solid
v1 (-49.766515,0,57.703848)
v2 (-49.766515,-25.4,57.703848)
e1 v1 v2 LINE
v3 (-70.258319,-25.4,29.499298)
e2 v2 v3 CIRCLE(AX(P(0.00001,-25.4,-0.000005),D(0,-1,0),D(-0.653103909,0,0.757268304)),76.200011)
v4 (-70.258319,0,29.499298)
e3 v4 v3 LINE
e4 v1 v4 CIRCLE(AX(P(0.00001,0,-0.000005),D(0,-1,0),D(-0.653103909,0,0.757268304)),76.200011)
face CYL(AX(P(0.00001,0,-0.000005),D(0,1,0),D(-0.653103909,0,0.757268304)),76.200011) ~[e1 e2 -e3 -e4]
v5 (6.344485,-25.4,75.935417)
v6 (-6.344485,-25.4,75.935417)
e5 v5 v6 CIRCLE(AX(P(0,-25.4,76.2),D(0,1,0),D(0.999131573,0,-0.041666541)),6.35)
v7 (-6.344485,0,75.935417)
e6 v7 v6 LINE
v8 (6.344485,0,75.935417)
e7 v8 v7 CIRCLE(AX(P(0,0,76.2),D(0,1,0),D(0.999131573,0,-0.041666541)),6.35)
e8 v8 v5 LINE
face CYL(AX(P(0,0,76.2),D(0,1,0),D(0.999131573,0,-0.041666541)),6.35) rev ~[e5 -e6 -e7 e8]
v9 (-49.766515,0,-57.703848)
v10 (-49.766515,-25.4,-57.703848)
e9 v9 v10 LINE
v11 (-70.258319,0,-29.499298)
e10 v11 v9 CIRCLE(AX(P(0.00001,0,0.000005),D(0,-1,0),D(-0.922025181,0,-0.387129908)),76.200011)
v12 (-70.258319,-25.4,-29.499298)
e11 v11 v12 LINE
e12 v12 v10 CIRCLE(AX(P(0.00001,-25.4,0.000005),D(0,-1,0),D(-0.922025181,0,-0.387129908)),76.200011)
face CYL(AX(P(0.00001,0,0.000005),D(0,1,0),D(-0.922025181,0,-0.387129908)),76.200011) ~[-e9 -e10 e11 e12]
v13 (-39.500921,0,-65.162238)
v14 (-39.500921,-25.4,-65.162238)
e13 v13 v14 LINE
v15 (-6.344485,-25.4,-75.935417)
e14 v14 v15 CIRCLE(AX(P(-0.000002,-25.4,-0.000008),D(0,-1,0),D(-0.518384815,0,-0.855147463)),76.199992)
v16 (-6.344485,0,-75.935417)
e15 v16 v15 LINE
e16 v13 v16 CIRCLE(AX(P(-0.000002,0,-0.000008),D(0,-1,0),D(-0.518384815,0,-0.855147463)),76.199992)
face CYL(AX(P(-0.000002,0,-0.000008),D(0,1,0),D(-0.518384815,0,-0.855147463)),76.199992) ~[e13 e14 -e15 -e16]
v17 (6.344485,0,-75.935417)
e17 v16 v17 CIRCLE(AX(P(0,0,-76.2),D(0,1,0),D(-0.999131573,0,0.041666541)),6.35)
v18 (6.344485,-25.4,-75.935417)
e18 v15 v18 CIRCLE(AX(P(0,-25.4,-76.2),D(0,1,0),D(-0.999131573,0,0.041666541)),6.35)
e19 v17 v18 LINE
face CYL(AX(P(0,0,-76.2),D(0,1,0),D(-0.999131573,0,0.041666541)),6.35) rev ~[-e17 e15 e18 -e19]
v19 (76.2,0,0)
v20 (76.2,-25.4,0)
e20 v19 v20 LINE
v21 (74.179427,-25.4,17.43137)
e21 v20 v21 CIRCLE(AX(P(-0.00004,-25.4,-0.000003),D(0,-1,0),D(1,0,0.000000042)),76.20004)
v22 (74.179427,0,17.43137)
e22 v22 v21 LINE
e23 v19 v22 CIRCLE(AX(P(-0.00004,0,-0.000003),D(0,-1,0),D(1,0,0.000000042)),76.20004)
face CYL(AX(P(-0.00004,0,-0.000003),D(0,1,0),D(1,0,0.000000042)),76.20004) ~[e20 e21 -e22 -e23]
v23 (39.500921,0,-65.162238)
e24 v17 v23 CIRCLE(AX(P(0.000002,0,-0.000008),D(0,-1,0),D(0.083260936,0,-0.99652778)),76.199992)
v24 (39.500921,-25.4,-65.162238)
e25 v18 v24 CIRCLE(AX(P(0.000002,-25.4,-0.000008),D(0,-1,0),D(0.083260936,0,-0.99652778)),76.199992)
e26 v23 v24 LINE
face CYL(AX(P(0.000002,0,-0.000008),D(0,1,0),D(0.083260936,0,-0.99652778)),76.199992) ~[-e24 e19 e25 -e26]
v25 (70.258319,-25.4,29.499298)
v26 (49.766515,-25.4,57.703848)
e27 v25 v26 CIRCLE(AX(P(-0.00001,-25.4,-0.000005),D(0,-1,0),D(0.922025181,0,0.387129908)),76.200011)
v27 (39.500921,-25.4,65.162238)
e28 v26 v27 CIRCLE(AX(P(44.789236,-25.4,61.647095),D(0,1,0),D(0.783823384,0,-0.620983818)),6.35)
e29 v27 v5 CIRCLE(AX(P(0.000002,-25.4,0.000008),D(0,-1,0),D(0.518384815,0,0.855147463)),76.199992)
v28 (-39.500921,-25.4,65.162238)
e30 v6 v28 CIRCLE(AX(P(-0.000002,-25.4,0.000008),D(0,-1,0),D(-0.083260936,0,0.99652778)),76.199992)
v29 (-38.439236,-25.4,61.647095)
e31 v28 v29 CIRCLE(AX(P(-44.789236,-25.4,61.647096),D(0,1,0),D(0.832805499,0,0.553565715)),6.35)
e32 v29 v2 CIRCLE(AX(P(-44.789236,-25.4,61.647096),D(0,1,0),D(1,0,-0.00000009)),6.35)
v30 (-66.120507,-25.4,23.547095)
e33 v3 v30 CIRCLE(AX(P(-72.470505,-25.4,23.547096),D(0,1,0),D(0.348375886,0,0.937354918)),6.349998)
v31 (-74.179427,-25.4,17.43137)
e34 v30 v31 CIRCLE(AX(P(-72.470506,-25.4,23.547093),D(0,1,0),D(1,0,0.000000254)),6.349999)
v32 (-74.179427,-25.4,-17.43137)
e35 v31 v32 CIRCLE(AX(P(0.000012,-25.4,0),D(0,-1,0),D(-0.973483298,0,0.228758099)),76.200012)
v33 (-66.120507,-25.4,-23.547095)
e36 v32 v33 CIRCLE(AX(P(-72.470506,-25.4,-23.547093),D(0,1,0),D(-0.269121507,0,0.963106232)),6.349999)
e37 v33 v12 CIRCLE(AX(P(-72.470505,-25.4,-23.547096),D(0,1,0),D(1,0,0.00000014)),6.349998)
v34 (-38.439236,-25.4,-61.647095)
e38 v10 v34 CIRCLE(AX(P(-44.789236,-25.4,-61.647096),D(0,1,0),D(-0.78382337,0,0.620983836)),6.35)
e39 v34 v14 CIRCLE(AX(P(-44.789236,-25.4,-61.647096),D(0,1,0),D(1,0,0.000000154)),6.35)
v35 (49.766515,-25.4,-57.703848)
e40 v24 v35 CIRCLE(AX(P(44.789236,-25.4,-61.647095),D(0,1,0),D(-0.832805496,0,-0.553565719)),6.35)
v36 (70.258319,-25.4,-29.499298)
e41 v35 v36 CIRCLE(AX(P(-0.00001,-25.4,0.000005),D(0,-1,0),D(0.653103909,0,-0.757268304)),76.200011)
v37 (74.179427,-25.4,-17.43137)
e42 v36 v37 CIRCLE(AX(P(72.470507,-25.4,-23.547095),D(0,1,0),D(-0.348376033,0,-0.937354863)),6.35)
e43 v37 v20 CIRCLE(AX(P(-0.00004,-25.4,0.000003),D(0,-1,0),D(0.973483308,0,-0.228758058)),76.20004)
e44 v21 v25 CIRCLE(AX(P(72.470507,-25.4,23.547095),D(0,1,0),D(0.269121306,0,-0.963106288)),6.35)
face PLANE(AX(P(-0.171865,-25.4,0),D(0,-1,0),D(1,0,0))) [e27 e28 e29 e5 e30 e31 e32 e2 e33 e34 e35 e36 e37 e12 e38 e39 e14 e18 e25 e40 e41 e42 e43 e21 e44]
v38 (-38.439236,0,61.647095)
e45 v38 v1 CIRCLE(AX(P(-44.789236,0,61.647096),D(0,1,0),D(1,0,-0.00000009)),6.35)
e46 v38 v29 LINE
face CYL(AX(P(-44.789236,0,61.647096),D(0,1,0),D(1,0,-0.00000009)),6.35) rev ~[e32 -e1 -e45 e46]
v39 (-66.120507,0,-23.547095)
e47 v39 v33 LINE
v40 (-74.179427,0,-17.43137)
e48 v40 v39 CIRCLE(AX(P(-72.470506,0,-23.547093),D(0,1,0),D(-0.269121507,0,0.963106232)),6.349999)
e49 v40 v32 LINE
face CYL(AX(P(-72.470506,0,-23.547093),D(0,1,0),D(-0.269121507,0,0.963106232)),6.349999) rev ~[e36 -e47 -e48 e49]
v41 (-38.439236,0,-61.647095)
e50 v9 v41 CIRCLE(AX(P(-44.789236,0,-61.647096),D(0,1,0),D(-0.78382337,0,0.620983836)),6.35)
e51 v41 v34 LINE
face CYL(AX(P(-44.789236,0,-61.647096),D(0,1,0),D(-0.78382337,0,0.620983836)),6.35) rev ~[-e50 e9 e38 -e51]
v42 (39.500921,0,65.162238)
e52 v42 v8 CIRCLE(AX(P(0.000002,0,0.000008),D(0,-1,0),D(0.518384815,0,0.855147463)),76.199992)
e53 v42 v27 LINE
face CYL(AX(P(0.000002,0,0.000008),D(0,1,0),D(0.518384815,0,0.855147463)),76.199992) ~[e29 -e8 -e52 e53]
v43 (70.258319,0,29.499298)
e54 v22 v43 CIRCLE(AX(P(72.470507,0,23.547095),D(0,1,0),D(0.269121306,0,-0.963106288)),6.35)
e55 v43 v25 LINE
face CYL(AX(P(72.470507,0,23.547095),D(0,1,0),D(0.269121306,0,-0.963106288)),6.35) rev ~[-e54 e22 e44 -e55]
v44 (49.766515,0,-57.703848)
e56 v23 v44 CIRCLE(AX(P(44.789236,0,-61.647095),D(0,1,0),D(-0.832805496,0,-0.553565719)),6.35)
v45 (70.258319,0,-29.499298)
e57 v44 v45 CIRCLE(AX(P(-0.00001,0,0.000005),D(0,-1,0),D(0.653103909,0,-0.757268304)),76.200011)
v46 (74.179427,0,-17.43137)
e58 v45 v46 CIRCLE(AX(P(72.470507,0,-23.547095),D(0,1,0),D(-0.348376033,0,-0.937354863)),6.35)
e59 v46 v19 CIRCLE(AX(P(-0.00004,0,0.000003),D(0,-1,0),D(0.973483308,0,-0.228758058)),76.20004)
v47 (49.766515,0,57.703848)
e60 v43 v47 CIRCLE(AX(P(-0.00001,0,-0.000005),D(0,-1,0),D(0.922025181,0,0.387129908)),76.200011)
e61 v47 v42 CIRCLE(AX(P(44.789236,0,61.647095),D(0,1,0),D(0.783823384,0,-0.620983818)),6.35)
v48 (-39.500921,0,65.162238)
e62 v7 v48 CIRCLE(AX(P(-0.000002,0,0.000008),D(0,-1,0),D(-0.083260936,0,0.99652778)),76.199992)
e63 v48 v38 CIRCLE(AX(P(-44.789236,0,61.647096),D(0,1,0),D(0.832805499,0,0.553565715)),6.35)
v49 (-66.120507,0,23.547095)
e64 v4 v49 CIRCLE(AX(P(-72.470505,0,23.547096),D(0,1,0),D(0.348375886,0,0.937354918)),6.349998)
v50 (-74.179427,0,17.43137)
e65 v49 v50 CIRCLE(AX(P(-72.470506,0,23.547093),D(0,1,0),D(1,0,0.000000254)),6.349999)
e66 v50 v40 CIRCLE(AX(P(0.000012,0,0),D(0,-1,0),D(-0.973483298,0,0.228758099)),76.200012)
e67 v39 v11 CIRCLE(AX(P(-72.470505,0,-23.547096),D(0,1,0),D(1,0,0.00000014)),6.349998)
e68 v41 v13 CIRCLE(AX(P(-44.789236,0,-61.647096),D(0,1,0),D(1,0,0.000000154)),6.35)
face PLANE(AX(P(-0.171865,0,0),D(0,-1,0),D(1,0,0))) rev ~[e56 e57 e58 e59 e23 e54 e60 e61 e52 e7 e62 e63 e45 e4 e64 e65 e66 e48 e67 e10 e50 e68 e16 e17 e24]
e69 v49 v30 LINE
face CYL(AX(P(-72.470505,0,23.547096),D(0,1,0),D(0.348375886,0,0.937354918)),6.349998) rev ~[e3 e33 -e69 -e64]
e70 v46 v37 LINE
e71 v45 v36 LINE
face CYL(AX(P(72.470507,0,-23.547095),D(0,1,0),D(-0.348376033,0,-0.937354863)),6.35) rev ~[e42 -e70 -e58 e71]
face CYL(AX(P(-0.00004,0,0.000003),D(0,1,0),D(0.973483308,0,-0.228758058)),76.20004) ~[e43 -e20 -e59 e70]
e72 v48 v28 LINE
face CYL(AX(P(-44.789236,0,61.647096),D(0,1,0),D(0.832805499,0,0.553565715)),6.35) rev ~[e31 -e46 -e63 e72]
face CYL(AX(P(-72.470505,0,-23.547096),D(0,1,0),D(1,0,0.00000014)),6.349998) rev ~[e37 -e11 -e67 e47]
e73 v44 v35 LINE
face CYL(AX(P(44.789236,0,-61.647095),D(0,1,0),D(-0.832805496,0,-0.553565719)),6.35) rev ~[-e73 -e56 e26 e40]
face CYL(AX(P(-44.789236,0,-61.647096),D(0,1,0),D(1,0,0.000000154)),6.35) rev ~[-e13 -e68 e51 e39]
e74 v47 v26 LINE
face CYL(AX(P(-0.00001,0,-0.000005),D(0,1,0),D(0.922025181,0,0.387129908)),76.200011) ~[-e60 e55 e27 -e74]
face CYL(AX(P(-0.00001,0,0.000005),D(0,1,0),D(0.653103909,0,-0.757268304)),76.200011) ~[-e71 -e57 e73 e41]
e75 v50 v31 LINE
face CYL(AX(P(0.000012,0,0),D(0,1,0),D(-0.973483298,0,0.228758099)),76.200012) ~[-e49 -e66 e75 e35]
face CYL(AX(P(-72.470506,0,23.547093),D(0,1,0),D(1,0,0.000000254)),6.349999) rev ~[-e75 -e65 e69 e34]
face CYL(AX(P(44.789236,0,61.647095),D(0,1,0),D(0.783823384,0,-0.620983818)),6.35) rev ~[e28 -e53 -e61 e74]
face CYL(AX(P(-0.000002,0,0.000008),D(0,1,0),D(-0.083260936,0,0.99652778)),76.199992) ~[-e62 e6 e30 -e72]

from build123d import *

# Parameters (mm, degrees)
F1_DEPTH = 25.4


with BuildPart() as f1:
    # F0 (on Front) → F1 (new body)
    with BuildSketch(Plane.XZ):
        with BuildLine():
            ThreePointArc((74.179427, -17.43137), (75.693171, -8.774044), (76.2, 0))
            ThreePointArc((76.2, 0), (75.693171, 8.774044), (74.179427, 17.43137))
            ThreePointArc((74.179427, 17.43137), (66.431298, 21.584837), (70.258319, 29.499298))
            ThreePointArc((70.258319, 29.499298), (61.647095, 44.789236), (49.766515, 57.703848))
            ThreePointArc((49.766515, 57.703848), (41.0568, 56.509837), (39.500921, 65.162238))
            ThreePointArc((39.500921, 65.162238), (23.547095, 72.470507), (6.344485, 75.935417))
            ThreePointArc((6.344485, 75.935417), (0, 69.85), (-6.344485, 75.935417))
            ThreePointArc((-6.344485, 75.935417), (-23.547095, 72.470507), (-39.500921, 65.162238))
            ThreePointArc((-39.500921, 65.162238), (-38.710449, 63.483083), (-38.439236, 61.647095))
            ThreePointArc((-38.439236, 61.647095), (-42.70156, 55.650087), (-49.766515, 57.703848))
            ThreePointArc((-49.766515, 57.703848), (-61.647095, 44.789236), (-70.258319, 29.499298))
            ThreePointArc((-70.258319, 29.499298), (-67.256588, 27.171671), (-66.120507, 23.547095))
            ThreePointArc((-66.120507, 23.547095), (-68.631831, 18.488728), (-74.179427, 17.43137))
            ThreePointArc((-74.179427, 17.43137), (-76.2, 0), (-74.179427, -17.43137))
            ThreePointArc((-74.179427, -17.43137), (-68.631831, -18.488728), (-66.120507, -23.547095))
            ThreePointArc((-66.120507, -23.547095), (-67.256588, -27.171671), (-70.258319, -29.499298))
            ThreePointArc((-70.258319, -29.499298), (-61.647095, -44.789236), (-49.766515, -57.703848))
            ThreePointArc((-49.766515, -57.703848), (-42.70156, -55.650087), (-38.439236, -61.647095))
            ThreePointArc((-38.439236, -61.647095), (-38.710449, -63.483083), (-39.500921, -65.162238))
            ThreePointArc((-39.500921, -65.162238), (-23.547095, -72.470507), (-6.344485, -75.935417))
            ThreePointArc((-6.344485, -75.935417), (0, -69.85), (6.344485, -75.935417))
            ThreePointArc((6.344485, -75.935417), (23.547095, -72.470507), (39.500921, -65.162238))
            ThreePointArc((39.500921, -65.162238), (41.0568, -56.509837), (49.766515, -57.703848))
            ThreePointArc((49.766515, -57.703848), (61.647095, -44.789236), (70.258319, -29.499298))
            ThreePointArc((70.258319, -29.499298), (66.431298, -21.584837), (74.179427, -17.43137))
        make_face()
    extrude(amount=F1_DEPTH)


solid = f1.part
